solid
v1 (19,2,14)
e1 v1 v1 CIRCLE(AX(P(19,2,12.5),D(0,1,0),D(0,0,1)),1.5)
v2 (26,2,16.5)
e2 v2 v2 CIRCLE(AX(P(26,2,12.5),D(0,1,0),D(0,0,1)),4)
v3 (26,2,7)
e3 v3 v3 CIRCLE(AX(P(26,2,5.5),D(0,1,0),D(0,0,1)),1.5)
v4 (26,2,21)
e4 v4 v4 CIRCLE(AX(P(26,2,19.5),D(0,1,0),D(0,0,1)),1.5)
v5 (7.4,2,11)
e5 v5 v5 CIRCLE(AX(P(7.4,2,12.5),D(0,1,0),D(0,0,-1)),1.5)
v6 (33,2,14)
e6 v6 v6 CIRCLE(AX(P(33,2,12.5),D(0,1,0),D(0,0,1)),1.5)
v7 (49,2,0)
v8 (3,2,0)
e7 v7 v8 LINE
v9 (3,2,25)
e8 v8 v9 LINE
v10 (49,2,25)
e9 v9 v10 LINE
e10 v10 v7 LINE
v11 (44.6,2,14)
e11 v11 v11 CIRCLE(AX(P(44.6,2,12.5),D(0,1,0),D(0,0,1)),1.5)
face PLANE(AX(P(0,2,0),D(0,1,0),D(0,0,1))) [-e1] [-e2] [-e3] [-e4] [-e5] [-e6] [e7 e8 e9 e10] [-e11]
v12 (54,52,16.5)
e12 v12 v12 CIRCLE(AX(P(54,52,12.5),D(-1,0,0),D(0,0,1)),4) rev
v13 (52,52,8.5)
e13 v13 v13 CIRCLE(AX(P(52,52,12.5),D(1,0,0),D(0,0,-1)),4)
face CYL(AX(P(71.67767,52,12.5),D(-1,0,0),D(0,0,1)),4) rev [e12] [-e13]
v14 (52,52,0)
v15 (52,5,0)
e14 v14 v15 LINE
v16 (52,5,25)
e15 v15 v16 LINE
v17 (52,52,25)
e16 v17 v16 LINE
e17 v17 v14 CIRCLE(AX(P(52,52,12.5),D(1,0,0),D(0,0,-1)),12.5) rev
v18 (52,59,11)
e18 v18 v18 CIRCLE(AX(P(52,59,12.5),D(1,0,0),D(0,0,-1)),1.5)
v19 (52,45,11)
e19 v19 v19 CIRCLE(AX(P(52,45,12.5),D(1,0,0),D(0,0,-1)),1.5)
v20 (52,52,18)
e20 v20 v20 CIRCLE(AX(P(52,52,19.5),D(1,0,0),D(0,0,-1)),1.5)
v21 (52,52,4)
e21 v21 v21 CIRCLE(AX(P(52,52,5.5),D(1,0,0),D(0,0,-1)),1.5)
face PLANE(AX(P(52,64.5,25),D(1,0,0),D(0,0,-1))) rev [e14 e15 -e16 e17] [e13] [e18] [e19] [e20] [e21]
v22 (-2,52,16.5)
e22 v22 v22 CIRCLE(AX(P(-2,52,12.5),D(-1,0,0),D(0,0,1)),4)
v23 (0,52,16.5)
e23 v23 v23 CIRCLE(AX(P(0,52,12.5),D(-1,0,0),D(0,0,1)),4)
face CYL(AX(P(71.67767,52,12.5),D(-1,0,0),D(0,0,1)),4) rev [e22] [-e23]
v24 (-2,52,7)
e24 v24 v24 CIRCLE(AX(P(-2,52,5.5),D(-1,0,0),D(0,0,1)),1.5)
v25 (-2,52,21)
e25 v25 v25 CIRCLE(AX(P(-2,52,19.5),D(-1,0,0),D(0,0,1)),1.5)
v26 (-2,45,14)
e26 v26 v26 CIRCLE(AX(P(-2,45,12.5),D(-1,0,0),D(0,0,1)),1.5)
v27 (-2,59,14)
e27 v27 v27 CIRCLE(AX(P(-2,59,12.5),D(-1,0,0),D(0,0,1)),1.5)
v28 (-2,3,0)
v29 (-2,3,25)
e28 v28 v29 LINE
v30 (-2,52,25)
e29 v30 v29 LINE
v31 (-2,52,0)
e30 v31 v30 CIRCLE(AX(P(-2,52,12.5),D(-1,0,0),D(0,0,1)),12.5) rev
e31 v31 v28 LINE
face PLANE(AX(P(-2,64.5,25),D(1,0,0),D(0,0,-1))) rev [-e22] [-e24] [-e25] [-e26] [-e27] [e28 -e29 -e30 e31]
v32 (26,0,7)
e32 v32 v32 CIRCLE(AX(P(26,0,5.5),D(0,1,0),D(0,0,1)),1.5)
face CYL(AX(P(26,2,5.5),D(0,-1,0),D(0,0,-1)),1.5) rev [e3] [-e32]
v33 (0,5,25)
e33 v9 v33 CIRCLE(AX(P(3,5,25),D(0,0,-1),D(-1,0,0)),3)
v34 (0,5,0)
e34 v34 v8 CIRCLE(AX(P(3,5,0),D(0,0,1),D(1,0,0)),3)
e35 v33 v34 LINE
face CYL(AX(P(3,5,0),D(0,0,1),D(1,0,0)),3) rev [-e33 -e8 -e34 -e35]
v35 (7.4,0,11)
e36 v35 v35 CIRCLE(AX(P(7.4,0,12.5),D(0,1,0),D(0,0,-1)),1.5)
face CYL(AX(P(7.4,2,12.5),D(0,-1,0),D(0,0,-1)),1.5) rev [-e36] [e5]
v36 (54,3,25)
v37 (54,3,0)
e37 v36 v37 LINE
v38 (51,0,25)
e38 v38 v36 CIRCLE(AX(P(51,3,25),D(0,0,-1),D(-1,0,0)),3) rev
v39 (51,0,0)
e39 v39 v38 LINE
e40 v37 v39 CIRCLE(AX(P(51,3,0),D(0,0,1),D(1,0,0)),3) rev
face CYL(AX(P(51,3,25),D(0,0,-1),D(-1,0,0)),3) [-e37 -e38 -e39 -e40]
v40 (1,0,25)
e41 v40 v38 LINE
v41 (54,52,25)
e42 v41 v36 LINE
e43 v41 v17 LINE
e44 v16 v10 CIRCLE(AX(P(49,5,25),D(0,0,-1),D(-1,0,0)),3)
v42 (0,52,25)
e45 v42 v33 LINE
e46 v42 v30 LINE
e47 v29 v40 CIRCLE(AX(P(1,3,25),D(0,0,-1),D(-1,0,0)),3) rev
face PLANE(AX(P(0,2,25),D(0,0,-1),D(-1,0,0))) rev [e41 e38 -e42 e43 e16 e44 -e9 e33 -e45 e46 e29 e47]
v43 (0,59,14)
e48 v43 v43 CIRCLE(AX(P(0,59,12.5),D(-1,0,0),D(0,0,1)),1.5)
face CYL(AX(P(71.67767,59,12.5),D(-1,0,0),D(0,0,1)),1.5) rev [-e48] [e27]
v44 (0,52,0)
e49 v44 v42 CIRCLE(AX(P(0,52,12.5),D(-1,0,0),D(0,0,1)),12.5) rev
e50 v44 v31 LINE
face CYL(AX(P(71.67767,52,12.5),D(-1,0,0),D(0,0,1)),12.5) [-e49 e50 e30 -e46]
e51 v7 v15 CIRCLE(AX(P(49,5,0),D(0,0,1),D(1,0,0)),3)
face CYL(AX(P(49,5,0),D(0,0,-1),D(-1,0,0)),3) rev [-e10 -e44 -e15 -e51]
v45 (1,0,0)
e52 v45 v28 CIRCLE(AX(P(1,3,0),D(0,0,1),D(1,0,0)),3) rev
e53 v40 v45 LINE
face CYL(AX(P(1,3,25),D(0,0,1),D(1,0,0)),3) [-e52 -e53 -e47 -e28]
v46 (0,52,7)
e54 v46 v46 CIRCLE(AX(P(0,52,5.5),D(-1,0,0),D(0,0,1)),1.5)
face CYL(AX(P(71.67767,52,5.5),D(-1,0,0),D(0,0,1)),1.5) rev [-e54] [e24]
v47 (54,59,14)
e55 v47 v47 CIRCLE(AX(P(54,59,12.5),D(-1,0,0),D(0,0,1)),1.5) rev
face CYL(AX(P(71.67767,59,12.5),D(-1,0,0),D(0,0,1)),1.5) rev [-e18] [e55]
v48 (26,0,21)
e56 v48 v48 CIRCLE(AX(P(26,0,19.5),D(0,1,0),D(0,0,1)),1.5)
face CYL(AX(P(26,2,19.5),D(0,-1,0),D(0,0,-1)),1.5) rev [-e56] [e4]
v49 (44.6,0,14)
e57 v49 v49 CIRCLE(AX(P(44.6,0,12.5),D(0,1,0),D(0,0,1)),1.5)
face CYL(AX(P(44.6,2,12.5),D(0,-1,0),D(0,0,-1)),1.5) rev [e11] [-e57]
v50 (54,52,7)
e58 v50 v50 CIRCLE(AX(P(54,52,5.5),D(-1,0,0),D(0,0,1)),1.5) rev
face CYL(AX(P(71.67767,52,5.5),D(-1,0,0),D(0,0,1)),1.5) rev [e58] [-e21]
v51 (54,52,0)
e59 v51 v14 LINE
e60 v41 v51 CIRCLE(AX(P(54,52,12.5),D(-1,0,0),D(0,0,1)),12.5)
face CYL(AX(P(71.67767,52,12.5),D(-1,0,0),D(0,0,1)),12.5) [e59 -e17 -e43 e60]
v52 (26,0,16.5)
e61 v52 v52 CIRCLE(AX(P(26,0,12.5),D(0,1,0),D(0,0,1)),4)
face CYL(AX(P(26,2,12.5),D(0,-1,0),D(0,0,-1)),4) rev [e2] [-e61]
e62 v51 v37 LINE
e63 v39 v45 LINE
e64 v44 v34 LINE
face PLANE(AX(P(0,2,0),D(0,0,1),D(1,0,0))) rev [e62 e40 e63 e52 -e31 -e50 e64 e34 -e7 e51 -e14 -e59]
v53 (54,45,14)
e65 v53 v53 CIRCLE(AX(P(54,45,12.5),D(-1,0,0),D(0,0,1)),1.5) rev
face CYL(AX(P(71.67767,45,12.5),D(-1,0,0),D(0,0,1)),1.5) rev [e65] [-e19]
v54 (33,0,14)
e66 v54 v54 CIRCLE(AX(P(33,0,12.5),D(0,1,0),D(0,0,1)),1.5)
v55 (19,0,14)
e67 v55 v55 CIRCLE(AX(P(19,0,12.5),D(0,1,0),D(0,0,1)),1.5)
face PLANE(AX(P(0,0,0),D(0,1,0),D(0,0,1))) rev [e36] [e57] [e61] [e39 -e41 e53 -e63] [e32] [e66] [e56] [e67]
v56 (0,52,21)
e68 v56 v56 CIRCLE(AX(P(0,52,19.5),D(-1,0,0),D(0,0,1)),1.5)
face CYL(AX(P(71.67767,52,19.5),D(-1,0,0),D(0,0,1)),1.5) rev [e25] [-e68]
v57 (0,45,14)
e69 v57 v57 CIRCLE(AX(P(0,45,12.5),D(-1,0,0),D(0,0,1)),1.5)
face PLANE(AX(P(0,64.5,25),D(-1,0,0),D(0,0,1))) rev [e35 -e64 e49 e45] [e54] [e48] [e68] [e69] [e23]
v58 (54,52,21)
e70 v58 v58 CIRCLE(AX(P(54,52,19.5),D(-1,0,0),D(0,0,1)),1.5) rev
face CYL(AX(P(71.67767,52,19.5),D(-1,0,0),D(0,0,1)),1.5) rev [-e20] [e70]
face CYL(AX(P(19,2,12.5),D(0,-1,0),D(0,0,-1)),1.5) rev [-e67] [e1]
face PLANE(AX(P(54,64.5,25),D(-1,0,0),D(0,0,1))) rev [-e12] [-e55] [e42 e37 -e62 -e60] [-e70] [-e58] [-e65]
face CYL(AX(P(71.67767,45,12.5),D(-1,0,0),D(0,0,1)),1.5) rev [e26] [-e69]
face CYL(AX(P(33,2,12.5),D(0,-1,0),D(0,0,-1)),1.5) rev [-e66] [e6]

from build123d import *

# Parameters (mm, degrees)
SKETCH_1_W          = 52
SKETCH_1_H          = 25
SKETCH_1_R          = 1.5
SKETCH_1_R_2        = 4
EXTRUDE_1_DEPTH     = 2
SKETCH_2_W          = 2
SKETCH_2_H          = 25
EXTRUDE_2_DEPTH     = 64.5
CUT_EXTRUDE_2_REACH = 91.001
SKETCH_3_R          = 1.5
FILLET_1_R          = 3


with BuildPart() as part:
    # 草图1 → 凸台-拉伸1 (new body)
    with BuildSketch(Plane(origin=(0, 0, 0), x_dir=(1, 0, 0), z_dir=(0, 1, 0))):
        with Locations((26, -12.5)):
            Rectangle(SKETCH_1_W, SKETCH_1_H)
        with Locations(Location((44.6, -12.5, 0), (0, 0, 270))):
            Circle(SKETCH_1_R, mode=Mode.SUBTRACT)
        with Locations(Location((26, -12.5, 0), (0, 0, 270))):
            Circle(SKETCH_1_R_2, mode=Mode.SUBTRACT)
        with Locations(Location((26, -19.5, 0), (0, 0, 270))):
            Circle(SKETCH_1_R, mode=Mode.SUBTRACT)
        with Locations(Location((19, -12.5, 0), (0, 0, 270))):
            Circle(SKETCH_1_R, mode=Mode.SUBTRACT)
        with Locations(Location((26, -5.5, 0), (0, 0, 270))):
            Circle(SKETCH_1_R, mode=Mode.SUBTRACT)
        with Locations(Location((33, -12.5, 0), (0, 0, 270))):
            Circle(SKETCH_1_R, mode=Mode.SUBTRACT)
        with Locations(Location((7.4, -12.5, 0), (0, 0, 90))):
            Circle(SKETCH_1_R, mode=Mode.SUBTRACT)
    extrude(amount=EXTRUDE_1_DEPTH)

    # 草图2 → 凸台-拉伸2 (add)
    with BuildSketch(Plane(origin=(0, 0, 0), x_dir=(1, 0, 0), z_dir=(0, 1, 0))):
        with Locations((-1, -12.5)):
            Rectangle(SKETCH_2_W, SKETCH_2_H)
        with Locations((53, -12.5)):
            Rectangle(SKETCH_2_W, SKETCH_2_H)
    extrude(amount=EXTRUDE_2_DEPTH)

    # 切除-拉伸2: up to this face of the body (flat: up to its plane)
    cut_extrude_2_end = Plane(part.part.faces().sort_by_distance((54, 32.25, 12.5))[0])
    # 草图3 → 切除-拉伸2 (cut, up to the picked face)
    with BuildSketch(Plane.ZY.offset(2), mode=Mode.PRIVATE) as cut_extrude_2_sk1:
        with BuildLine():
            Line((0, 64.5), (0, 52))
            ThreePointArc((0, 52), (3.661165235, 60.838834765), (12.5, 64.5))
            Line((12.5, 64.5), (0, 64.5))
        make_face()
    cut_extrude_2_tool1 = split(extrude(cut_extrude_2_sk1.sketch, amount=-CUT_EXTRUDE_2_REACH, mode=Mode.PRIVATE), bisect_by=cut_extrude_2_end, keep=Keep.BOTH, mode=Mode.PRIVATE)
    # 草图3 → 切除-拉伸2 (cut, up to the picked face)
    with BuildSketch(Plane.ZY.offset(2), mode=Mode.PRIVATE) as cut_extrude_2_sk2:
        with BuildLine():
            Line((25, 64.5), (12.5, 64.5))
            ThreePointArc((12.5, 64.5), (21.338834765, 60.838834765), (25, 52))
            Line((25, 52), (25, 64.5))
        make_face()
    cut_extrude_2_tool2 = split(extrude(cut_extrude_2_sk2.sketch, amount=-CUT_EXTRUDE_2_REACH, mode=Mode.PRIVATE), bisect_by=cut_extrude_2_end, keep=Keep.BOTH, mode=Mode.PRIVATE)
    # 草图3 → 切除-拉伸2 (cut, up to the picked face)
    with BuildSketch(Plane.ZY.offset(2), mode=Mode.PRIVATE) as cut_extrude_2_sk3:
        with BuildLine():
            ThreePointArc((16.5, 52), (12.5, 56), (8.5, 52))
            Line((8.5, 52), (16.5, 52))
        make_face()
    cut_extrude_2_tool3 = split(extrude(cut_extrude_2_sk3.sketch, amount=-CUT_EXTRUDE_2_REACH, mode=Mode.PRIVATE), bisect_by=cut_extrude_2_end, keep=Keep.BOTH, mode=Mode.PRIVATE)
    # 草图3 → 切除-拉伸2 (cut, up to the picked face)
    with BuildSketch(Plane.ZY.offset(2), mode=Mode.PRIVATE) as cut_extrude_2_sk4:
        with BuildLine():
            Line((16.5, 52), (8.5, 52))
            ThreePointArc((8.5, 52), (12.5, 48), (16.5, 52))
        make_face()
    cut_extrude_2_tool4 = split(extrude(cut_extrude_2_sk4.sketch, amount=-CUT_EXTRUDE_2_REACH, mode=Mode.PRIVATE), bisect_by=cut_extrude_2_end, keep=Keep.BOTH, mode=Mode.PRIVATE)
    # 草图3 → 切除-拉伸2 (cut, up to the picked face)
    with BuildSketch(Plane.ZY.offset(2), mode=Mode.PRIVATE) as cut_extrude_2_sk5:
        with BuildLine():
            ThreePointArc((16.5, 52), (12.5, 56), (8.5, 52))
            Line((8.5, 52), (16.5, 52))
        make_face()
    cut_extrude_2_tool5 = split(extrude(cut_extrude_2_sk5.sketch, amount=-CUT_EXTRUDE_2_REACH, mode=Mode.PRIVATE), bisect_by=cut_extrude_2_end, keep=Keep.BOTH, mode=Mode.PRIVATE)
    # 草图3 → 切除-拉伸2 (cut, up to the picked face)
    with BuildSketch(Plane.ZY.offset(2), mode=Mode.PRIVATE) as cut_extrude_2_sk6:
        with BuildLine():
            Line((16.5, 52), (8.5, 52))
            ThreePointArc((8.5, 52), (12.5, 48), (16.5, 52))
        make_face()
    cut_extrude_2_tool6 = split(extrude(cut_extrude_2_sk6.sketch, amount=-CUT_EXTRUDE_2_REACH, mode=Mode.PRIVATE), bisect_by=cut_extrude_2_end, keep=Keep.BOTH, mode=Mode.PRIVATE)
    # 草图3 → 切除-拉伸2 (cut, up to the picked face)
    with BuildSketch(Plane.ZY.offset(2), mode=Mode.PRIVATE) as cut_extrude_2_sk7:
        with Locations((12.5, 45)):
            Circle(SKETCH_3_R)
    cut_extrude_2_tool7 = split(extrude(cut_extrude_2_sk7.sketch, amount=-CUT_EXTRUDE_2_REACH, mode=Mode.PRIVATE), bisect_by=cut_extrude_2_end, keep=Keep.BOTH, mode=Mode.PRIVATE)
    # 草图3 → 切除-拉伸2 (cut, up to the picked face)
    with BuildSketch(Plane.ZY.offset(2), mode=Mode.PRIVATE) as cut_extrude_2_sk8:
        with Locations((12.5, 59)):
            Circle(SKETCH_3_R)
    cut_extrude_2_tool8 = split(extrude(cut_extrude_2_sk8.sketch, amount=-CUT_EXTRUDE_2_REACH, mode=Mode.PRIVATE), bisect_by=cut_extrude_2_end, keep=Keep.BOTH, mode=Mode.PRIVATE)
    # 草图3 → 切除-拉伸2 (cut, up to the picked face)
    with BuildSketch(Plane.ZY.offset(2), mode=Mode.PRIVATE) as cut_extrude_2_sk9:
        with Locations((5.5, 52)):
            Circle(SKETCH_3_R)
    cut_extrude_2_tool9 = split(extrude(cut_extrude_2_sk9.sketch, amount=-CUT_EXTRUDE_2_REACH, mode=Mode.PRIVATE), bisect_by=cut_extrude_2_end, keep=Keep.BOTH, mode=Mode.PRIVATE)
    # 草图3 → 切除-拉伸2 (cut, up to the picked face)
    with BuildSketch(Plane.ZY.offset(2), mode=Mode.PRIVATE) as cut_extrude_2_sk10:
        with Locations((19.5, 52)):
            Circle(SKETCH_3_R)
    cut_extrude_2_tool10 = split(extrude(cut_extrude_2_sk10.sketch, amount=-CUT_EXTRUDE_2_REACH, mode=Mode.PRIVATE), bisect_by=cut_extrude_2_end, keep=Keep.BOTH, mode=Mode.PRIVATE)
    add(cut_extrude_2_tool1.solids().sort_by(Axis((-2, 61.707901, 2.792099), (1, 0, 0)))[0], mode=Mode.SUBTRACT)
    add(cut_extrude_2_tool2.solids().sort_by(Axis((-2, 61.707901, 22.207901), (1, 0, 0)))[0], mode=Mode.SUBTRACT)
    add(cut_extrude_2_tool3.solids().sort_by(Axis((-2, 53.697653, 12.5), (1, 0, 0)))[0], mode=Mode.SUBTRACT)
    add(cut_extrude_2_tool4.solids().sort_by(Axis((-2, 50.302347, 12.5), (1, 0, 0)))[0], mode=Mode.SUBTRACT)
    add(cut_extrude_2_tool5.solids().sort_by(Axis((-2, 53.697653, 12.5), (1, 0, 0)))[0], mode=Mode.SUBTRACT)
    add(cut_extrude_2_tool6.solids().sort_by(Axis((-2, 50.302347, 12.5), (1, 0, 0)))[0], mode=Mode.SUBTRACT)
    add(cut_extrude_2_tool7.solids().sort_by(Axis((-2, 45, 12.5), (1, 0, 0)))[0], mode=Mode.SUBTRACT)
    add(cut_extrude_2_tool8.solids().sort_by(Axis((-2, 59, 12.5), (1, 0, 0)))[0], mode=Mode.SUBTRACT)
    add(cut_extrude_2_tool9.solids().sort_by(Axis((-2, 52, 5.5), (1, 0, 0)))[0], mode=Mode.SUBTRACT)
    add(cut_extrude_2_tool10.solids().sort_by(Axis((-2, 52, 19.5), (1, 0, 0)))[0], mode=Mode.SUBTRACT)

    # 圆角1
    fillet_1_edges = [part.edges().sort_by_distance(p)[0] for p in [
        (52, 2, 12.5),
        (0, 2, 12.5),
        (-2, 0, 12.5),
        (54, 0, 12.5),
    ]]
    fillet(fillet_1_edges, radius=FILLET_1_R)


solid = part.part
